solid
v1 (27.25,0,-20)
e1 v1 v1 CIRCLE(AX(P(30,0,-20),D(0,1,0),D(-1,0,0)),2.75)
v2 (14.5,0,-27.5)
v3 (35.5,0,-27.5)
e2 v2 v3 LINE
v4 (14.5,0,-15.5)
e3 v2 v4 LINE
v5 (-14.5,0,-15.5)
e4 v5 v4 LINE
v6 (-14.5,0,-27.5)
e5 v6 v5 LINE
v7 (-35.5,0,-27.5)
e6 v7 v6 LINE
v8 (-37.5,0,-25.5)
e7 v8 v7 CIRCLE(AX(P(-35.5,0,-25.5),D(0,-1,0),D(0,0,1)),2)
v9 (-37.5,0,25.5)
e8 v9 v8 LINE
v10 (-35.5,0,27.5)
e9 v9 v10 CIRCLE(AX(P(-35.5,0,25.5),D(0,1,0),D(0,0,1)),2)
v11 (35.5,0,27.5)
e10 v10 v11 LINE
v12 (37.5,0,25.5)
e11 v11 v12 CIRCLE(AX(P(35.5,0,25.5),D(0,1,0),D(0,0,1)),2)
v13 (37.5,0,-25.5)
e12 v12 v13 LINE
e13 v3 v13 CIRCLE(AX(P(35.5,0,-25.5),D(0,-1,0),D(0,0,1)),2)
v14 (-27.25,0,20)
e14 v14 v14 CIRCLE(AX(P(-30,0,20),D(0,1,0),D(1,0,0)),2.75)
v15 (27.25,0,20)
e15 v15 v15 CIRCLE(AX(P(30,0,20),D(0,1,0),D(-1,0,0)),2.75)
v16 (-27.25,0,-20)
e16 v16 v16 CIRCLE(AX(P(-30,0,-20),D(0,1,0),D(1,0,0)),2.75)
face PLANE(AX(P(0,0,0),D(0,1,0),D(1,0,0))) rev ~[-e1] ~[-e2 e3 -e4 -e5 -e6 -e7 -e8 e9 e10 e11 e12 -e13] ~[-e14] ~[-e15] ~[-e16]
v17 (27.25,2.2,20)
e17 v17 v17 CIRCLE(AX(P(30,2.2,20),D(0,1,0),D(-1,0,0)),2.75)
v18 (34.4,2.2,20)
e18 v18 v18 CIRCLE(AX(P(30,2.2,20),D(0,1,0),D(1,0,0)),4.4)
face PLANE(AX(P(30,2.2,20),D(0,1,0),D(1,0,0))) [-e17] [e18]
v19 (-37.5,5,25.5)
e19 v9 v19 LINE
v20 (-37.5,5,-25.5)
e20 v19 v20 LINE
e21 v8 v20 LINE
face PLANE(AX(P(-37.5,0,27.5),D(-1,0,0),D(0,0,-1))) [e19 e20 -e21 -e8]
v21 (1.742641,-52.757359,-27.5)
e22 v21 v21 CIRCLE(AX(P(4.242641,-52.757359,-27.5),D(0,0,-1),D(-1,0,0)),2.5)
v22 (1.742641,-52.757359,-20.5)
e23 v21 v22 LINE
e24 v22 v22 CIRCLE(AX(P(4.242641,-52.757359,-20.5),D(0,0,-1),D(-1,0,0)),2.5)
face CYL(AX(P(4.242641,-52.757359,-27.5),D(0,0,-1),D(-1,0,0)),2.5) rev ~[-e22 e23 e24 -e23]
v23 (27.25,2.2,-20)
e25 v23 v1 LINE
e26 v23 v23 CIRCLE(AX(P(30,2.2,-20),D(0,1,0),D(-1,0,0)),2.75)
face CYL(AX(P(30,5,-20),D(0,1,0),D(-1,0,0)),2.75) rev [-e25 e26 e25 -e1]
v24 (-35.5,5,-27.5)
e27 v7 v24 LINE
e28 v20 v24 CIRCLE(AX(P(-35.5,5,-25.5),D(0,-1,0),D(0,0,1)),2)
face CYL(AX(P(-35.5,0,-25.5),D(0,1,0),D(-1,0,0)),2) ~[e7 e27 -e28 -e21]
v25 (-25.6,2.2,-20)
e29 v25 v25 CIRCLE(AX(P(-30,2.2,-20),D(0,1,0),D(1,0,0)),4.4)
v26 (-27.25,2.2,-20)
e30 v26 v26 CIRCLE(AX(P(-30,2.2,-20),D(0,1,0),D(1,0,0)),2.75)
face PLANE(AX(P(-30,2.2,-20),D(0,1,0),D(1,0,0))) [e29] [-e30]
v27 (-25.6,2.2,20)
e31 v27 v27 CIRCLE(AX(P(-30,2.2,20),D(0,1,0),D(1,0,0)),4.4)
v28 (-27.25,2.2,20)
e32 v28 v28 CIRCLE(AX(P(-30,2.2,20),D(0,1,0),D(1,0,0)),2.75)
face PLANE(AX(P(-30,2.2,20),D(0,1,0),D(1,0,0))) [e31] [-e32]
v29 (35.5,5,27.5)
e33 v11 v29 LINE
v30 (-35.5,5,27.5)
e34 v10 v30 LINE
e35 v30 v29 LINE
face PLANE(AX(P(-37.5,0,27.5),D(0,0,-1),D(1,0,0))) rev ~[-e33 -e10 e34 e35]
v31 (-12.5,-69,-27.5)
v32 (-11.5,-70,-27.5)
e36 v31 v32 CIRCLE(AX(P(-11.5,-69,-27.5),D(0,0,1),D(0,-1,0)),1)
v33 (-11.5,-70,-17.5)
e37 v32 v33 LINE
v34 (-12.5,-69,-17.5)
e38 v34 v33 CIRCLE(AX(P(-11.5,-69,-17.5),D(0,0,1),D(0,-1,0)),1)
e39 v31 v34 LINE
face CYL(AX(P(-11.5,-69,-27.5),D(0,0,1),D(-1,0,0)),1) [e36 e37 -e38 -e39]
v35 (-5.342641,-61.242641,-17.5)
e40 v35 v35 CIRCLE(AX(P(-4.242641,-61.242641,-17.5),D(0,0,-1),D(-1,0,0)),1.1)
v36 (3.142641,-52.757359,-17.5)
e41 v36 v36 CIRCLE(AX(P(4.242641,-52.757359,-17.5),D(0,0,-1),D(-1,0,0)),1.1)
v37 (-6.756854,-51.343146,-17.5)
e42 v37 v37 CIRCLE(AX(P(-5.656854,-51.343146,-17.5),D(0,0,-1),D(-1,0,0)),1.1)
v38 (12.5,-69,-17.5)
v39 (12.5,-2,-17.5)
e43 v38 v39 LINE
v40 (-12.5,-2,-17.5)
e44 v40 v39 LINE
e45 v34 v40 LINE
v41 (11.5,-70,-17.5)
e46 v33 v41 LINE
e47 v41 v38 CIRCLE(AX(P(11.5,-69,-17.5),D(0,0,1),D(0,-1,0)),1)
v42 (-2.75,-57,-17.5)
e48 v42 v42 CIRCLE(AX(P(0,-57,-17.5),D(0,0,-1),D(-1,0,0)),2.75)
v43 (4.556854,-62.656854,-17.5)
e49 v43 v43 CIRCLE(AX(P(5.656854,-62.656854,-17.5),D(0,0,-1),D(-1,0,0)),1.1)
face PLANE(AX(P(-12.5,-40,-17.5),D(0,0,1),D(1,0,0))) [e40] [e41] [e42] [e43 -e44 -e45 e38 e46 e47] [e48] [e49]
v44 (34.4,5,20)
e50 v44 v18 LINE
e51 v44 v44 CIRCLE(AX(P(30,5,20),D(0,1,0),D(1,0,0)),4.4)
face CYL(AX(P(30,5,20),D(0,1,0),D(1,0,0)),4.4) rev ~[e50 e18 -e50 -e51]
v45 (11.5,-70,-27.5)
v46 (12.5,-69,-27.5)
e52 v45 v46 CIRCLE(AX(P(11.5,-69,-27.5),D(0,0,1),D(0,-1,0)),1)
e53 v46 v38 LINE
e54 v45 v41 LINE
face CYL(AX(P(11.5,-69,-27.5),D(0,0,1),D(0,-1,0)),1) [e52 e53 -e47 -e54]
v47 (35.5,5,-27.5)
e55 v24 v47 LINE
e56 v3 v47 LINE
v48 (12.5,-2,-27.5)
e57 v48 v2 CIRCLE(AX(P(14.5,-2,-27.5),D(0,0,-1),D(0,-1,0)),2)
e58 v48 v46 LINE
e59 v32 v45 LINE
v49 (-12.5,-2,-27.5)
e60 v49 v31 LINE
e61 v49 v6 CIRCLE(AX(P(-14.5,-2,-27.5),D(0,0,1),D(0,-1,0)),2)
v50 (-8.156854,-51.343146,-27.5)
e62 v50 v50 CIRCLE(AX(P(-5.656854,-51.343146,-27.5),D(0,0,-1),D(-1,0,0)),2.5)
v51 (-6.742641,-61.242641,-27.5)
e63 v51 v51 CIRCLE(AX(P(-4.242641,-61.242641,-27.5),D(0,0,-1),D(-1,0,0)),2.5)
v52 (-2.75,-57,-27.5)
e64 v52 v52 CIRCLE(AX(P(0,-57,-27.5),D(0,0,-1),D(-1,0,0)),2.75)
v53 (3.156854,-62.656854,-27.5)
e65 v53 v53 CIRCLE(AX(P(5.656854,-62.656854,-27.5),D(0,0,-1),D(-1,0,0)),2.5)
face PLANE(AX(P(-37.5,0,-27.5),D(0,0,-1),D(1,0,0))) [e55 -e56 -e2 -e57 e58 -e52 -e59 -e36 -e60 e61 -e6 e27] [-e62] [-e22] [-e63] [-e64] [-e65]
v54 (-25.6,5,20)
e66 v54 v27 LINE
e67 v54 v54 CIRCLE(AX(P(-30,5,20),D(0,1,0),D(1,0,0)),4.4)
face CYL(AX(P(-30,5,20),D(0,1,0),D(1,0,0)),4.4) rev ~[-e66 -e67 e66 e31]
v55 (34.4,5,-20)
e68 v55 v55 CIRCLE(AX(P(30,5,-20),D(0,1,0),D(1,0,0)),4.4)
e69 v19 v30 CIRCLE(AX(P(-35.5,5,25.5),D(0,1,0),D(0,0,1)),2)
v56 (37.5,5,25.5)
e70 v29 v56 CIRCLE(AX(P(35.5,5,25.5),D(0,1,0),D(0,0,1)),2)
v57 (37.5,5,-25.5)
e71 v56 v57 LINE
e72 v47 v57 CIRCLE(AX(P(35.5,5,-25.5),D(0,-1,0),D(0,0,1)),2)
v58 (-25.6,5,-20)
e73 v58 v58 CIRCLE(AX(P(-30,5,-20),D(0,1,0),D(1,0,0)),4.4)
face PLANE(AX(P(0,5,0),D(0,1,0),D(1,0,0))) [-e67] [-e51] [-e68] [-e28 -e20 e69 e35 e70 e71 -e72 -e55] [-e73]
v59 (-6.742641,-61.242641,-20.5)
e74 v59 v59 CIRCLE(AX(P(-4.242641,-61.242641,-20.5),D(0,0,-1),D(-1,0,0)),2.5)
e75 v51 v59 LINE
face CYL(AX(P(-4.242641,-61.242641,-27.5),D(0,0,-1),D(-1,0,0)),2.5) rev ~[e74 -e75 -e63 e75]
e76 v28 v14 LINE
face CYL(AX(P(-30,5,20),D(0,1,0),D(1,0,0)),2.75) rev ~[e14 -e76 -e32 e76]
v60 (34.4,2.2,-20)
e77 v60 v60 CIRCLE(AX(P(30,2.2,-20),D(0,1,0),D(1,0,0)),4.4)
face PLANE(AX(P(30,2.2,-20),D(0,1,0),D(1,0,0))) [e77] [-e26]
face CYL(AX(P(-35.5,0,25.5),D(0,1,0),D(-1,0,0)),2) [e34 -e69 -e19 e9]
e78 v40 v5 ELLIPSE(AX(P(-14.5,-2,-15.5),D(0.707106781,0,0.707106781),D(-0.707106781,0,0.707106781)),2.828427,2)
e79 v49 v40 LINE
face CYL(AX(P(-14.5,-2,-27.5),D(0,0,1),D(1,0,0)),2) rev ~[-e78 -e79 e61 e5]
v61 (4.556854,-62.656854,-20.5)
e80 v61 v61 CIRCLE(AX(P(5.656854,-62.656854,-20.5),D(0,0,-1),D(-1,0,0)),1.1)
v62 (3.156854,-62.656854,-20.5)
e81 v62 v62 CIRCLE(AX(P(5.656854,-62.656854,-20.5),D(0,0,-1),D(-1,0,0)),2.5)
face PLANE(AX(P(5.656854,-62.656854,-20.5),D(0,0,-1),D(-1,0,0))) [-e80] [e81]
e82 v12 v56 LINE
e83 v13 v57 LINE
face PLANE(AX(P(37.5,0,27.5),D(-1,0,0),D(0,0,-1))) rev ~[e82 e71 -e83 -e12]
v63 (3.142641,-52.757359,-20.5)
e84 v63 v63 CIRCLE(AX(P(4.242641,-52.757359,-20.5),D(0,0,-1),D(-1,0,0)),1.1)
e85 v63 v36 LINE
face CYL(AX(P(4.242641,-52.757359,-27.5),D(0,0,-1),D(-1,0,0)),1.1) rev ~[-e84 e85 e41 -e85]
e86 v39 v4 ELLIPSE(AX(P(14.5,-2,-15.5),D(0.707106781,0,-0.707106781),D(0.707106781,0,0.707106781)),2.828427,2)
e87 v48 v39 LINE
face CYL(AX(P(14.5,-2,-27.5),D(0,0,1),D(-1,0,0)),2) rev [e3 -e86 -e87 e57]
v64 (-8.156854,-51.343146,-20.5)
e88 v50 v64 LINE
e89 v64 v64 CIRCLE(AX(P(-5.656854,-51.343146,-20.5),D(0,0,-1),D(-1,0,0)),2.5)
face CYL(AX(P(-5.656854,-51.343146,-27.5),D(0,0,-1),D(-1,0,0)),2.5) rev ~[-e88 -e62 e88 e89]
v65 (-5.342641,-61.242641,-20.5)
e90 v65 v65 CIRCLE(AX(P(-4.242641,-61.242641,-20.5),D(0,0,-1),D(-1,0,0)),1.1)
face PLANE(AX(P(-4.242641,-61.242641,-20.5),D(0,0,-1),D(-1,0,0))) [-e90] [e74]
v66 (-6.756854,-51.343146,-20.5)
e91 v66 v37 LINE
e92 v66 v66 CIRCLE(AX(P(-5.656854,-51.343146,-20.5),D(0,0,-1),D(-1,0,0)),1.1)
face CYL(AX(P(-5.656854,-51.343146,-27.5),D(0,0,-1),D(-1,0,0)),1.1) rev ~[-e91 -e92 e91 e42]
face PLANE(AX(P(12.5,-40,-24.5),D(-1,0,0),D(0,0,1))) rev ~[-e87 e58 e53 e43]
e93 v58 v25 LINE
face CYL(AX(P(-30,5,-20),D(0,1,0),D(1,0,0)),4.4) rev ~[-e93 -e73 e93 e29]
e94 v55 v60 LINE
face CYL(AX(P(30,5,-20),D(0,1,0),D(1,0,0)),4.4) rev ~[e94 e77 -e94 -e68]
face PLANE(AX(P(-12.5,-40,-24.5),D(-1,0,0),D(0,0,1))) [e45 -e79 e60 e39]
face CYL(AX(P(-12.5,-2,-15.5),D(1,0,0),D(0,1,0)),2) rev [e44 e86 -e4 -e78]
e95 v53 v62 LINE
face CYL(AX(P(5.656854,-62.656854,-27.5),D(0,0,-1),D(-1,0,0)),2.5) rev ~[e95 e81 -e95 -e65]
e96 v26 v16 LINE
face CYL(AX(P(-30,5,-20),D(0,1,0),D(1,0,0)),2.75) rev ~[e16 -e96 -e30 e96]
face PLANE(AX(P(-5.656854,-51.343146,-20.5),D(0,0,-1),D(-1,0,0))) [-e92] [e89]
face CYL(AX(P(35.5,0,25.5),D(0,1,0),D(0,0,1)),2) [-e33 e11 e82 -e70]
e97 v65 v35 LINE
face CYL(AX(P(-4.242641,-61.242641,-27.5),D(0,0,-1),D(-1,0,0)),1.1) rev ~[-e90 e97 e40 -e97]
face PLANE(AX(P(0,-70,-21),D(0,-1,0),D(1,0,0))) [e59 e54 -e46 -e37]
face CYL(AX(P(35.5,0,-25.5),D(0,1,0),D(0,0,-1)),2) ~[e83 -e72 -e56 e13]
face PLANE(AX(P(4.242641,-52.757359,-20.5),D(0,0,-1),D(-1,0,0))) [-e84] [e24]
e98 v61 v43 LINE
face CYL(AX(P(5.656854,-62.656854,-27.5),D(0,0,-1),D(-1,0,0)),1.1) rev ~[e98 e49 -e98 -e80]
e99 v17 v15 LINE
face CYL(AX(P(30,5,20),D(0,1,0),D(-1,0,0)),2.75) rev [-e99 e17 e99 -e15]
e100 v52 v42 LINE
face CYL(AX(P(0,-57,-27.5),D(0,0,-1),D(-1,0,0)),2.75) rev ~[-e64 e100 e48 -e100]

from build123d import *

# Parameters (mm, degrees)
SKETCH1_W           = 75
SKETCH1_H           = 55
BOSS_EXTRUDE1_DEPTH = 5
SKETCH2_R           = 2.75
CUT_EXTRUDE1_DEPTH  = 6
FILLET5_R           = 2
SKETCH6_R           = 4.4
CUT_EXTRUDE3_DEPTH  = 2.8
SKETCH7_W           = 25
SKETCH7_H           = 10
BOSS_EXTRUDE2_DEPTH = 70
SKETCH8_W           = 7
SKETCH8_H           = 30
CUT_EXTRUDE4_DEPTH  = 51
SKETCH11_W          = 25
SKETCH11_H          = 7
BOSS_EXTRUDE3_DEPTH = 30
FILLET6_R           = 2
FILLET7_R           = 1
SKETCH17_R          = 2.75
SKETCH17_R_2        = 1.1
CUT_EXTRUDE5_DEPTH  = 56
SKETCH18_R          = 2.5
CUT_EXTRUDE6_DEPTH  = 7


with BuildPart() as part:
    # Sketch1 → Boss-Extrude1 (new body)
    with BuildSketch(Plane(origin=(0, 0, 0), x_dir=(1, 0, 0), z_dir=(0, 1, 0))):
        Rectangle(SKETCH1_W, SKETCH1_H)
    extrude(amount=BOSS_EXTRUDE1_DEPTH)

    # Sketch2 → Cut-Extrude1 (cut, through all)
    with BuildSketch(Plane(origin=(0, 5, 0), x_dir=(1, 0, 0), z_dir=(0, 1, 0))):
        with Locations((-30, 20)):
            Circle(SKETCH2_R)
        with Locations((-30, -20)):
            Circle(SKETCH2_R)
    cut_extrude1 = extrude(amount=-CUT_EXTRUDE1_DEPTH, mode=Mode.SUBTRACT)

    # Mirror1: Cut-Extrude1 across plane
    add(cut_extrude1.mirror(Plane(origin=(0, 0, 0), x_dir=(0, 0, 1), z_dir=(1, 0, 0))), mode=Mode.SUBTRACT)

    # Fillet5
    fillet5_edges = [part.edges().sort_by_distance(p)[0] for p in [
        (37.5, 2.5, 27.5),
        (-37.5, 2.5, 27.5),
        (-37.5, 2.5, -27.5),
        (37.5, 2.5, -27.5),
    ]]
    fillet(fillet5_edges, radius=FILLET5_R)

    # Sketch6 → Cut-Extrude3 (cut)
    with BuildSketch(Plane(origin=(0, 5, 0), x_dir=(1, 0, 0), z_dir=(0, 1, 0))):
        with Locations((-30, 20)):
            Circle(SKETCH6_R)
        with Locations((-30, -20)):
            Circle(SKETCH6_R)
        with Locations((30, 20)):
            Circle(SKETCH6_R)
        with Locations((30, -20)):
            Circle(SKETCH6_R)
    extrude(amount=-CUT_EXTRUDE3_DEPTH, mode=Mode.SUBTRACT)

    # Sketch7 → Boss-Extrude2 (add)
    with BuildSketch(Plane.XZ):
        with Locations((0, -22.5)):
            Rectangle(SKETCH7_W, SKETCH7_H)
    extrude(amount=BOSS_EXTRUDE2_DEPTH)

    # Sketch8 → Cut-Extrude4 (cut, through all)
    with BuildSketch(Plane.ZY.offset(12.5)):
        with Locations((-21, -55)):
            Rectangle(SKETCH8_W, SKETCH8_H)
    extrude(amount=-CUT_EXTRUDE4_DEPTH, mode=Mode.SUBTRACT)

    # Sketch11 → Boss-Extrude3 (add)
    with BuildSketch(Plane.XZ.offset(40)):
        with Locations((0, -21)):
            Rectangle(SKETCH11_W, SKETCH11_H)
    extrude(amount=BOSS_EXTRUDE3_DEPTH)

    # Fillet6
    fillet6_edges = [part.edges().sort_by_distance(p)[0] for p in [
        (-12.5, 0, -22.5),
        (12.5, 0, -22.5),
        (0, 0, -17.5),
    ]]
    fillet(fillet6_edges, radius=FILLET6_R)

    # Fillet7
    fillet7_edges = [part.edges().sort_by_distance(p)[0] for p in [
        (12.5, -70, -22.5),
        (-12.5, -70, -22.5),
    ]]
    fillet(fillet7_edges, radius=FILLET7_R)

    # Sketch17 → Cut-Extrude5 (cut, through all)
    with BuildSketch(Plane(origin=(0, 0, -27.5), x_dir=(-1, 0, 0), z_dir=(0, 0, -1))):
        with Locations((0, -57)):
            Circle(SKETCH17_R)
        with Locations((5.656854249, -51.343145751)):
            Circle(SKETCH17_R_2)
        with Locations((-5.656854249, -62.656854249)):
            Circle(SKETCH17_R_2)
        with Locations((-4.242640687, -52.757359313)):
            Circle(SKETCH17_R_2)
        with Locations((4.242640687, -61.242640687)):
            Circle(SKETCH17_R_2)
    extrude(amount=-CUT_EXTRUDE5_DEPTH, mode=Mode.SUBTRACT)

    # Sketch18 → Cut-Extrude6 (cut)
    with BuildSketch(Plane(origin=(0, 0, -27.5), x_dir=(-1, 0, 0), z_dir=(0, 0, -1))):
        with Locations((-4.242640687, -52.757359313)):
            Circle(SKETCH18_R)
        with Locations((-5.656854249, -62.656854249)):
            Circle(SKETCH18_R)
        with Locations((5.656854249, -51.343145751)):
            Circle(SKETCH18_R)
        with Locations((4.242640687, -61.242640687)):
            Circle(SKETCH18_R)
    extrude(amount=-CUT_EXTRUDE6_DEPTH, mode=Mode.SUBTRACT)


solid = part.part
